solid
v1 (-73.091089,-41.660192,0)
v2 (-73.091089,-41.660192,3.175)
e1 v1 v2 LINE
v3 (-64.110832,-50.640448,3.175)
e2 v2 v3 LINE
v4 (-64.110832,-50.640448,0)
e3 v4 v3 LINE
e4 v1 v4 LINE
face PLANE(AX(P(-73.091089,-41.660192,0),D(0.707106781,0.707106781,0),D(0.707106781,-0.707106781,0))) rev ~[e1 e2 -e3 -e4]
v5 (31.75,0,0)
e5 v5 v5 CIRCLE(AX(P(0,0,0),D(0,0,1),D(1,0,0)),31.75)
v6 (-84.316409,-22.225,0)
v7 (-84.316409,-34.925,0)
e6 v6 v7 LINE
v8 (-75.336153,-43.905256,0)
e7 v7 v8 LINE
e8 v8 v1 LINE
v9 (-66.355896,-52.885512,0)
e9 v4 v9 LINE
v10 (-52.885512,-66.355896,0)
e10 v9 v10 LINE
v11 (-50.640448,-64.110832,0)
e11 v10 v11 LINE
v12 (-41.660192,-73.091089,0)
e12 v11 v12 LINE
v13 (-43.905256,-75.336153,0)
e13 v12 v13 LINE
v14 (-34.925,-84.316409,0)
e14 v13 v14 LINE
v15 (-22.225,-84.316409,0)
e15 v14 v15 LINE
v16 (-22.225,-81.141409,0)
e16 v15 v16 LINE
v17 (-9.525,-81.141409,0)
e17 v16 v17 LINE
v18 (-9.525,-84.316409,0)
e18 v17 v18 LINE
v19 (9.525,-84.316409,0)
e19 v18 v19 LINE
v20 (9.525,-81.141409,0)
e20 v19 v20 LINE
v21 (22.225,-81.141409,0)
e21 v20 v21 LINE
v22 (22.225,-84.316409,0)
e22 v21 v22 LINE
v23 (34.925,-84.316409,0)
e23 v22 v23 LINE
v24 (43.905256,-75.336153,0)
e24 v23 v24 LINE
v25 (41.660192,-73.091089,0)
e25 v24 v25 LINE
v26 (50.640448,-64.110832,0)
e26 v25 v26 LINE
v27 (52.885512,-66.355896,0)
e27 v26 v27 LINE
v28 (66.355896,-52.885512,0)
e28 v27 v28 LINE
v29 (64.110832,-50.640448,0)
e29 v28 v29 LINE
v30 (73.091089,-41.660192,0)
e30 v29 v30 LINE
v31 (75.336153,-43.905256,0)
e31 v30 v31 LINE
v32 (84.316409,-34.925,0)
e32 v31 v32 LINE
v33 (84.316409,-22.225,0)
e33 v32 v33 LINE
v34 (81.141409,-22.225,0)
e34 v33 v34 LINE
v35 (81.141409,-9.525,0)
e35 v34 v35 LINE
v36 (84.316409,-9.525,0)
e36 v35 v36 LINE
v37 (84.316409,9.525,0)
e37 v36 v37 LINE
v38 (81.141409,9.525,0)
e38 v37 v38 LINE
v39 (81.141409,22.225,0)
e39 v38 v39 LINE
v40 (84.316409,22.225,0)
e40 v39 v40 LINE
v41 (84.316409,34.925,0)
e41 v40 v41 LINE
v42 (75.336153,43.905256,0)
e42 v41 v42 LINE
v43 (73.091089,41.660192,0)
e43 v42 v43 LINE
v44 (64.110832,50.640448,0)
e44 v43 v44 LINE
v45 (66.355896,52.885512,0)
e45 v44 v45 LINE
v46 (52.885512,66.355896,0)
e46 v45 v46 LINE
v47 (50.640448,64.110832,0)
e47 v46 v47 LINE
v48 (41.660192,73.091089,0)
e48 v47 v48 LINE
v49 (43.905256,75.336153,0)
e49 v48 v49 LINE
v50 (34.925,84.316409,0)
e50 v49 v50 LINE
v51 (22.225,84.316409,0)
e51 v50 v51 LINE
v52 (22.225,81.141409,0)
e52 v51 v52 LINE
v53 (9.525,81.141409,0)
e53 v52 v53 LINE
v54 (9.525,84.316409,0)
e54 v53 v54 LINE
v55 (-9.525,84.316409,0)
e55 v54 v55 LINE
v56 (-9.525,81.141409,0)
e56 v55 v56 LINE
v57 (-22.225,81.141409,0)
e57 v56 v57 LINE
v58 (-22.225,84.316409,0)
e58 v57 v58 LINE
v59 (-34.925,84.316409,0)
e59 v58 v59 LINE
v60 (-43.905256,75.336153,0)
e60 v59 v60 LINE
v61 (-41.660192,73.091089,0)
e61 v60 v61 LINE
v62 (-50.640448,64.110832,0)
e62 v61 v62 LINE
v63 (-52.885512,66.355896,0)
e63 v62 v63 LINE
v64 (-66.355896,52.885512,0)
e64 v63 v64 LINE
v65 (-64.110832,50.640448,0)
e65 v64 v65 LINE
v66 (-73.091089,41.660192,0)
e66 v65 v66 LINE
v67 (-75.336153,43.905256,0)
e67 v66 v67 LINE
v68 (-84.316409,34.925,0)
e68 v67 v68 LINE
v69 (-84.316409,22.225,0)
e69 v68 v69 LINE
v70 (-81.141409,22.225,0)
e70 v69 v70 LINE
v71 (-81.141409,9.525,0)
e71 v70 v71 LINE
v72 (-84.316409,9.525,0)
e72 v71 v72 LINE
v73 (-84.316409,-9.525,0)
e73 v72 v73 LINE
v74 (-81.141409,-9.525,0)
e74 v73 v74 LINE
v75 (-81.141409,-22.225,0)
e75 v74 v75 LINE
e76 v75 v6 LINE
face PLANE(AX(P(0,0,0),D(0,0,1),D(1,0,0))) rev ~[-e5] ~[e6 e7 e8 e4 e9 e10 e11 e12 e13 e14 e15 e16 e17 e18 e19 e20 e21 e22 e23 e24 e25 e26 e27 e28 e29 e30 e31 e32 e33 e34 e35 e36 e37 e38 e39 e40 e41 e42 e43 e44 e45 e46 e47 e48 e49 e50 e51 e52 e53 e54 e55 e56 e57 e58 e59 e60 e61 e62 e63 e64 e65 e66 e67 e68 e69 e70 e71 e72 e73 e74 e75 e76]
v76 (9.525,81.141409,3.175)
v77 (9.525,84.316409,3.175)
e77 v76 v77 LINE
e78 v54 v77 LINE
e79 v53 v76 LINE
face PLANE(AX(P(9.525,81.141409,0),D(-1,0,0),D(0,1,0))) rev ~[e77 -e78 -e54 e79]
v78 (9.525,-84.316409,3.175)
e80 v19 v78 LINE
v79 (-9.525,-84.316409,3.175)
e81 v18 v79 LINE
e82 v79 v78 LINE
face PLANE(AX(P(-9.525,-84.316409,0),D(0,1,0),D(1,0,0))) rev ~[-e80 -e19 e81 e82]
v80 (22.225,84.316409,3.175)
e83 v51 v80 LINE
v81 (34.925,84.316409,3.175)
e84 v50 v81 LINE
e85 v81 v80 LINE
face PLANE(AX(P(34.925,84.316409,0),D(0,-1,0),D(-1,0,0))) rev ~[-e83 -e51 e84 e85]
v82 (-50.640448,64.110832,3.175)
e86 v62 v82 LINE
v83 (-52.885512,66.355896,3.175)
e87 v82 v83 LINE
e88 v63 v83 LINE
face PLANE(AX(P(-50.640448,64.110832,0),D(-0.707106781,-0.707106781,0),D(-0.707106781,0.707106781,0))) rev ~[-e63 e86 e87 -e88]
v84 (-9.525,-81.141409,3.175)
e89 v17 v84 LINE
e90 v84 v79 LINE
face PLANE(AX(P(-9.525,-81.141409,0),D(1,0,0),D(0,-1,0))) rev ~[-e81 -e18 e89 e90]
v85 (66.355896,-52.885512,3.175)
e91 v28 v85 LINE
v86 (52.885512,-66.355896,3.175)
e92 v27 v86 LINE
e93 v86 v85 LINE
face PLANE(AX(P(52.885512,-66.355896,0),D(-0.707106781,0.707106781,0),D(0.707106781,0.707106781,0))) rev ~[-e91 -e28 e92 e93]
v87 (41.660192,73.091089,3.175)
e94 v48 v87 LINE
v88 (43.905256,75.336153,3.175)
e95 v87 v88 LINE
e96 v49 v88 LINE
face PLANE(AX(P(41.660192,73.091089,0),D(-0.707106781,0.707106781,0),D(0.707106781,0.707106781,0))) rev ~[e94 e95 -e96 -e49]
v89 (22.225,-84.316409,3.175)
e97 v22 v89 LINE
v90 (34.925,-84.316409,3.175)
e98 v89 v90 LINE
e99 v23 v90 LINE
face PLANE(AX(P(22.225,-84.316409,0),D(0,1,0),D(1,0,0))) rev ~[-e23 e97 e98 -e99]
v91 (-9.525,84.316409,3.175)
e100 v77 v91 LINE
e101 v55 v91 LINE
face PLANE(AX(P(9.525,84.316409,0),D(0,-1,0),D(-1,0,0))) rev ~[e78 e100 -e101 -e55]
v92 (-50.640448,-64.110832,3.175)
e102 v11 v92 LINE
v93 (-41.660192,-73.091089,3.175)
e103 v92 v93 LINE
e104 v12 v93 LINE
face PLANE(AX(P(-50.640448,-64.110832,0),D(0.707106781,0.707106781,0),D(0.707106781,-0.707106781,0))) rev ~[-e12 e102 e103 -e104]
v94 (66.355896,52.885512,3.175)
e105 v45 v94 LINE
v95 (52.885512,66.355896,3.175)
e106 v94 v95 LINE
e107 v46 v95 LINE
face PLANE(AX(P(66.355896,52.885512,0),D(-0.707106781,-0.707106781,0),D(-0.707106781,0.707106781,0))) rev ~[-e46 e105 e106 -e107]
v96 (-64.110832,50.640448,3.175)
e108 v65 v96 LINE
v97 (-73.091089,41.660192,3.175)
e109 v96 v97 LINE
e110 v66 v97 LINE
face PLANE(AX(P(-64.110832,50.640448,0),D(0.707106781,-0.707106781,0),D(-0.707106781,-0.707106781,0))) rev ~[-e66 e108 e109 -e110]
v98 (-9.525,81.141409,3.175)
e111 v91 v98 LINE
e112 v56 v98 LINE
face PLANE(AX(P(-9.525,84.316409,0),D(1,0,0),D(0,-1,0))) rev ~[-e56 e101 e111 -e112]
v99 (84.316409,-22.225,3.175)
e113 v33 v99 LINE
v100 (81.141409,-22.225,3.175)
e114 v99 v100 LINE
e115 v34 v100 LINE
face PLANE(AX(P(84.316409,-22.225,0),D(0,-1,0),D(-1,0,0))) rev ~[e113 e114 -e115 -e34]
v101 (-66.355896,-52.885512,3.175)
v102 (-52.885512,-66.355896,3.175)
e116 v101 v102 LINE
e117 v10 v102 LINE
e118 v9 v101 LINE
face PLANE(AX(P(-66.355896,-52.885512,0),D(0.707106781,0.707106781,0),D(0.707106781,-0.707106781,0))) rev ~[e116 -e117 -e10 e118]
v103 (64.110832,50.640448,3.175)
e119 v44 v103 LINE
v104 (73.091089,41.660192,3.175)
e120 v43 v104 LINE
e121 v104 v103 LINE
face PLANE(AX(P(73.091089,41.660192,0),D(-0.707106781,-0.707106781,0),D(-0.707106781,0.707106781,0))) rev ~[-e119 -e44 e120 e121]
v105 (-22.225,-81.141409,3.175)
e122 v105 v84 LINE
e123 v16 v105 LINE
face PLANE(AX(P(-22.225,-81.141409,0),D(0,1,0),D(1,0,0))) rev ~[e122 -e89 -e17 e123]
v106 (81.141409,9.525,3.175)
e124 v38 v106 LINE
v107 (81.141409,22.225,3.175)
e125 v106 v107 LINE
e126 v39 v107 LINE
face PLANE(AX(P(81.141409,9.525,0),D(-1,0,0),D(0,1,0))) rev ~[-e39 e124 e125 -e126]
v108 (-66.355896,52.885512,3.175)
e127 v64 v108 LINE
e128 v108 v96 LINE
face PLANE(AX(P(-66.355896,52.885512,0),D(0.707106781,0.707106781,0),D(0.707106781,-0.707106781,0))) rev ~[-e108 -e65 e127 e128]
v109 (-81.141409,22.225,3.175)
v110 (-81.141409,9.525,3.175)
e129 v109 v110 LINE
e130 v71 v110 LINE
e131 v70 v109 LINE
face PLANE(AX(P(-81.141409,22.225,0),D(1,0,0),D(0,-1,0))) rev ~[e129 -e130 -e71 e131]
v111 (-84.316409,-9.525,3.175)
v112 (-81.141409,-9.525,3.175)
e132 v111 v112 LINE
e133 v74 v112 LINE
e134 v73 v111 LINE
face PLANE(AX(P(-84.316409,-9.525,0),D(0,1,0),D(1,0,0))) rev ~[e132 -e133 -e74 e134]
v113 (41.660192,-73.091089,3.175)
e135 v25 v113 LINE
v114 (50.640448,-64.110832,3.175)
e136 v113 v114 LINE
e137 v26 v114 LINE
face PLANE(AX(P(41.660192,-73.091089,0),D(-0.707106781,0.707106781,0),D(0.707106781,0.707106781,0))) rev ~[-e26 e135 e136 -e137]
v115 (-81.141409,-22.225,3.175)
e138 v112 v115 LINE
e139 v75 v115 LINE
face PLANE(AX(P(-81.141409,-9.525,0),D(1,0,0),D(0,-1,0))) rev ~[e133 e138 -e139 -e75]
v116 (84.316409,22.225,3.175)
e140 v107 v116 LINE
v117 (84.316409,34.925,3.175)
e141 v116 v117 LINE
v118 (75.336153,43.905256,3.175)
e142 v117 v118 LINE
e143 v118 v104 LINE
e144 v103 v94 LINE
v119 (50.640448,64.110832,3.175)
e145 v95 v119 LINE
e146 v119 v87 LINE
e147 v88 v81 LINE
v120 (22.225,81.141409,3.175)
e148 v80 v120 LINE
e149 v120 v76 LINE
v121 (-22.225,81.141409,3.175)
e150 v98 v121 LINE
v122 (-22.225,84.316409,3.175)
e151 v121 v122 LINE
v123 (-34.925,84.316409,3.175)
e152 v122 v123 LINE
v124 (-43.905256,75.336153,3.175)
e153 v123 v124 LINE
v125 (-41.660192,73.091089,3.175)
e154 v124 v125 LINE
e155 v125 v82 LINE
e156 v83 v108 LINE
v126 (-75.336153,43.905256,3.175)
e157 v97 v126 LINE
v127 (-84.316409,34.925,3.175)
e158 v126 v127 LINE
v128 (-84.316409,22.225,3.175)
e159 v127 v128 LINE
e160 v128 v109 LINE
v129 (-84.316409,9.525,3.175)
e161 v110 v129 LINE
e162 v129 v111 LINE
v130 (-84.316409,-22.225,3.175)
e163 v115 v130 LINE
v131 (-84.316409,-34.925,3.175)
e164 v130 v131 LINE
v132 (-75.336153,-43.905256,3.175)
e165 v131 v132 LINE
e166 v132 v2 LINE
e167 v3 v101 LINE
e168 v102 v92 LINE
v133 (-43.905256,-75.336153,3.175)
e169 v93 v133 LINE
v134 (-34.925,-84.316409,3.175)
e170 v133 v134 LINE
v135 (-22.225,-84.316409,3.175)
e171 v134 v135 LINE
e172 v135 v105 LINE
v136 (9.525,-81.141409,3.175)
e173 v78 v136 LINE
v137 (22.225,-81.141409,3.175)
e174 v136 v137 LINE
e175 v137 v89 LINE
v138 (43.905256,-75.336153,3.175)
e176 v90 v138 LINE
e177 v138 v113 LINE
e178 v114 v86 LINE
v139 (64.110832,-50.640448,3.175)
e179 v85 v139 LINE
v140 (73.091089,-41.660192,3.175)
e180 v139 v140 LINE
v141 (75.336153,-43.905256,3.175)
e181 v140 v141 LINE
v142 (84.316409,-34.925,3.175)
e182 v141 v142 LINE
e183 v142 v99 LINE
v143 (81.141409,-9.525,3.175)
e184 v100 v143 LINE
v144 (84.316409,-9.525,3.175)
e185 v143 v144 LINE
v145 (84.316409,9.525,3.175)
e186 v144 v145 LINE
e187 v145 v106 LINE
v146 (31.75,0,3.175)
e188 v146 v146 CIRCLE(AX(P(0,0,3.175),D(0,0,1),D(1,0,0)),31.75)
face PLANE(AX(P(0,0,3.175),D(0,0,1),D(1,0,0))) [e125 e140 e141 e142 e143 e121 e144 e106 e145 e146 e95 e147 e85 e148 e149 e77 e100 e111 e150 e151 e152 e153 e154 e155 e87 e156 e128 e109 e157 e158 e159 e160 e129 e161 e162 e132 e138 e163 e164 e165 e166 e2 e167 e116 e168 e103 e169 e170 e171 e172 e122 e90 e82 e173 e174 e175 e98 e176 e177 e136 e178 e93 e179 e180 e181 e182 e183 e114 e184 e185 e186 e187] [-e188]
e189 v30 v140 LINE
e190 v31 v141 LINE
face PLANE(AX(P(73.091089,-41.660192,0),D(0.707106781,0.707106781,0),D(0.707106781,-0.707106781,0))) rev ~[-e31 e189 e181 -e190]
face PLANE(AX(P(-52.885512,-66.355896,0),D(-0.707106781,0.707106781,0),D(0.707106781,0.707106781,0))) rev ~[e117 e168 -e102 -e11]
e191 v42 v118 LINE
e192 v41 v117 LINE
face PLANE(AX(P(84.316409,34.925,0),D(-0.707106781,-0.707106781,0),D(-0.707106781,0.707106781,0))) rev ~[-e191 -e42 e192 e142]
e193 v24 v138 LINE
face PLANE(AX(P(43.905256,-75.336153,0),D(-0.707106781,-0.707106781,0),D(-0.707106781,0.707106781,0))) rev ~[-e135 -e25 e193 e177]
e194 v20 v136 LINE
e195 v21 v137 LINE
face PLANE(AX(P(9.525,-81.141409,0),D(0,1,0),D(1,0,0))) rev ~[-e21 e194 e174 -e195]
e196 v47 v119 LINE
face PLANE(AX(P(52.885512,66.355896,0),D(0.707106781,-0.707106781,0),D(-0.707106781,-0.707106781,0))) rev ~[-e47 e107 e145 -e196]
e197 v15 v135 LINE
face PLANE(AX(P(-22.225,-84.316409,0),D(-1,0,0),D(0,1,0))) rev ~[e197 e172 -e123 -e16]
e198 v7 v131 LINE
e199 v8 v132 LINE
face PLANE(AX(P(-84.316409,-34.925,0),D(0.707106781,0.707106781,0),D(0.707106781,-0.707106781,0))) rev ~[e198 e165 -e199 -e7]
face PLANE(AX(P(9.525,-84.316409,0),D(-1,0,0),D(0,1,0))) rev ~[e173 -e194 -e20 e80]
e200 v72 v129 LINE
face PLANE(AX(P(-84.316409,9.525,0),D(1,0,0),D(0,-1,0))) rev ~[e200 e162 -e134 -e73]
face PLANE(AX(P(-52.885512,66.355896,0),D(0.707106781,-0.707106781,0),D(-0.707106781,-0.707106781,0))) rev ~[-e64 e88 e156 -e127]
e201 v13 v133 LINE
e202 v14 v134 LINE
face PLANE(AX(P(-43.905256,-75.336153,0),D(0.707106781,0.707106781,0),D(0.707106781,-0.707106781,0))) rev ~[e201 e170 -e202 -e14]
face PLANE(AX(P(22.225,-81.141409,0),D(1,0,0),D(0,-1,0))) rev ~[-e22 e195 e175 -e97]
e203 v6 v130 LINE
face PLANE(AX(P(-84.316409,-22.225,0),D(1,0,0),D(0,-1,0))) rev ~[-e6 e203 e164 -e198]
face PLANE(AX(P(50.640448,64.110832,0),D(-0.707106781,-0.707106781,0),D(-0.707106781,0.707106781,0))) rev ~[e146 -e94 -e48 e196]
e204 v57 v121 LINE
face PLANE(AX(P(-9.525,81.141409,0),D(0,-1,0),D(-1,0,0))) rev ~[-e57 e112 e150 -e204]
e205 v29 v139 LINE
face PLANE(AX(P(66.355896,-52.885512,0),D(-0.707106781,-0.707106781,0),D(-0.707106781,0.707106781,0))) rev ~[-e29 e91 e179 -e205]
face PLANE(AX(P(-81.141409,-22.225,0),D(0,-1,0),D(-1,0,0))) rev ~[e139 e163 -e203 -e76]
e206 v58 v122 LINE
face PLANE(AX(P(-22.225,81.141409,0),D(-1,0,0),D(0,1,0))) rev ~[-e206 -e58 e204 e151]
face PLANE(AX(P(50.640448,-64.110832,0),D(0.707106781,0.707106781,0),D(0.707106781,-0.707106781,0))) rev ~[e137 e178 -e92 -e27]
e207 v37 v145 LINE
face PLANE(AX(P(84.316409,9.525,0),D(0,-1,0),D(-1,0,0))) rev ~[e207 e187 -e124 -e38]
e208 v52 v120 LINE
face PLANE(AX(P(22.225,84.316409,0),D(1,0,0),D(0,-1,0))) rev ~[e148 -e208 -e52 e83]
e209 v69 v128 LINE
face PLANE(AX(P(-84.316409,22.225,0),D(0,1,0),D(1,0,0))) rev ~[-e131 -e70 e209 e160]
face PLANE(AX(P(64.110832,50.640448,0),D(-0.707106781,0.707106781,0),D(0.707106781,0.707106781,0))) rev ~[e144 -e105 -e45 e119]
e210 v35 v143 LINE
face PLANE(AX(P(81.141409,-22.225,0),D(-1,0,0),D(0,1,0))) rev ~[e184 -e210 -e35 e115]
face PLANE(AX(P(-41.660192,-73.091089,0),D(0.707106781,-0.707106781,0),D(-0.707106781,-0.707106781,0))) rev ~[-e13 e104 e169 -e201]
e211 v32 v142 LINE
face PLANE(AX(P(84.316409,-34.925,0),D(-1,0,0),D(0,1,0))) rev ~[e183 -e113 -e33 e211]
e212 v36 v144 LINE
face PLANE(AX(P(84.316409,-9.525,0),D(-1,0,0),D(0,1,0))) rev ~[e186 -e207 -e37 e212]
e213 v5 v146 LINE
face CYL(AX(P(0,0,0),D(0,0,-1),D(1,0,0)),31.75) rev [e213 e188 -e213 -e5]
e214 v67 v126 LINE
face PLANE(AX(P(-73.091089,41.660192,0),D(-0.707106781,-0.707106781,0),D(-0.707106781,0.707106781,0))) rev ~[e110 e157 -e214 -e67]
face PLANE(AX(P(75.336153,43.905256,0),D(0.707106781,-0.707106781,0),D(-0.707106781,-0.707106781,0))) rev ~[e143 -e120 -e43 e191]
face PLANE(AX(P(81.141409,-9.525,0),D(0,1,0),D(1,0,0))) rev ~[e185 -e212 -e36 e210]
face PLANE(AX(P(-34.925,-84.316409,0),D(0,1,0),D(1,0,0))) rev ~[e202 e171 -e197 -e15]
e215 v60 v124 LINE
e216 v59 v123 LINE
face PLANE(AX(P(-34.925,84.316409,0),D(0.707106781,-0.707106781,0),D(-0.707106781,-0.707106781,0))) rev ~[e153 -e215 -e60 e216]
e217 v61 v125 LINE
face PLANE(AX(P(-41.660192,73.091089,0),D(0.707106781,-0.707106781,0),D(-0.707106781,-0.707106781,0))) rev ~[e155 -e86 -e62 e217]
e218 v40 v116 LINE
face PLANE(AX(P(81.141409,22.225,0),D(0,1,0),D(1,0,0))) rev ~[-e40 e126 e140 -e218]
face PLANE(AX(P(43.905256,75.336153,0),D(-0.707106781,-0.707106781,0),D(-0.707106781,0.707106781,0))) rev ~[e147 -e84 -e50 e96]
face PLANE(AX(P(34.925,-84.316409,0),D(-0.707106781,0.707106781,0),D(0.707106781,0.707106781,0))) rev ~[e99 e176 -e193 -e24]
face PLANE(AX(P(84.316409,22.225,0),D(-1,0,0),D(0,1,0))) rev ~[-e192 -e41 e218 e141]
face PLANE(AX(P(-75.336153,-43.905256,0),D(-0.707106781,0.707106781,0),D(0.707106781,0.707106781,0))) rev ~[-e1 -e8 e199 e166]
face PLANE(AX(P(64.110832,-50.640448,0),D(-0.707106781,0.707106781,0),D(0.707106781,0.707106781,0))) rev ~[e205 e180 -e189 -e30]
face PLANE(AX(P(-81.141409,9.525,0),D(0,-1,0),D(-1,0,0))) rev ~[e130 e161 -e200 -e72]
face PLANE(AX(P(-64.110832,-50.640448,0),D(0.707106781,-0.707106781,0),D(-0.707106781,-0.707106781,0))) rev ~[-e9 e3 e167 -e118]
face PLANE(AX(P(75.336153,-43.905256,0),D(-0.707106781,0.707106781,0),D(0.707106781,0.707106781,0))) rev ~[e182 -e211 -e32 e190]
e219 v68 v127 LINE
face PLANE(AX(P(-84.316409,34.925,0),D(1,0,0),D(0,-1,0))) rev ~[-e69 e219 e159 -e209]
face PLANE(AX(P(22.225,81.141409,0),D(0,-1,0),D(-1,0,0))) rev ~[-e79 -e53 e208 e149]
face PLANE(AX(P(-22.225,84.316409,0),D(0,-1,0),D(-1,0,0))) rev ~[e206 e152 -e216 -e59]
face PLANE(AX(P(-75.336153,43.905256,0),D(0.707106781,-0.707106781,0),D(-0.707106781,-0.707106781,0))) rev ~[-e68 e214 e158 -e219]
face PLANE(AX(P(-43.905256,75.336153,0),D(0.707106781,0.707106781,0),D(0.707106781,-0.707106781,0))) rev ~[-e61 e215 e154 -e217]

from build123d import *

# Parameters (mm, degrees)
SKETCH1_R           = 31.75
BOSS_EXTRUDE1_DEPTH = 3.175


with BuildPart() as part:
    # Sketch1 → Boss-Extrude1 (new body)
    with BuildSketch(Plane.XY):
        Polygon((41.660192091, 73.091088515), (43.905256121, 75.336152545), (34.925, 84.316408666), (22.225, 84.316408666), (22.225, 81.141408666), (9.525, 81.141408666), (9.525, 84.316408666), (-9.525, 84.316408666), (-9.525, 81.141408666), (-22.225, 81.141408666), (-22.225, 84.316408666), (-34.925, 84.316408666), (-43.905256121, 75.336152545), (-41.660192091, 73.091088515), (-50.640448212, 64.110832393), (-52.885512242, 66.355896424), (-66.355896424, 52.885512242), (-64.110832393, 50.640448212), (-73.091088515, 41.660192091), (-75.336152545, 43.905256121), (-84.316408666, 34.925), (-84.316408666, 22.225), (-81.141408666, 22.225), (-81.141408666, 9.525), (-84.316408666, 9.525), (-84.316408666, -9.525), (-81.141408666, -9.525), (-81.141408666, -22.225), (-84.316408666, -22.225), (-84.316408666, -34.925), (-75.336152545, -43.905256121), (-73.091088515, -41.660192091), (-64.110832393, -50.640448212), (-66.355896424, -52.885512242), (-52.885512242, -66.355896424), (-50.640448212, -64.110832393), (-41.660192091, -73.091088515), (-43.905256121, -75.336152545), (-34.925, -84.316408666), (-22.225, -84.316408666), (-22.225, -81.141408666), (-9.525, -81.141408666), (-9.525, -84.316408666), (9.525, -84.316408666), (9.525, -81.141408666), (22.225, -81.141408666), (22.225, -84.316408666), (34.925, -84.316408666), (43.905256121, -75.336152545), (41.660192091, -73.091088515), (50.640448212, -64.110832393), (52.885512242, -66.355896424), (66.355896424, -52.885512242), (64.110832393, -50.640448212), (73.091088515, -41.660192091), (75.336152545, -43.905256121), (84.316408666, -34.925), (84.316408666, -22.225), (81.141408666, -22.225), (81.141408666, -9.525), (84.316408666, -9.525), (84.316408666, 9.525), (81.141408666, 9.525), (81.141408666, 22.225), (84.316408666, 22.225), (84.316408666, 34.925), (75.336152545, 43.905256121), (73.091088515, 41.660192091), (64.110832393, 50.640448212), (66.355896424, 52.885512242), (52.885512242, 66.355896424), (50.640448212, 64.110832393), align=None)
        Circle(SKETCH1_R, mode=Mode.SUBTRACT)
    extrude(amount=BOSS_EXTRUDE1_DEPTH)


solid = part.part
